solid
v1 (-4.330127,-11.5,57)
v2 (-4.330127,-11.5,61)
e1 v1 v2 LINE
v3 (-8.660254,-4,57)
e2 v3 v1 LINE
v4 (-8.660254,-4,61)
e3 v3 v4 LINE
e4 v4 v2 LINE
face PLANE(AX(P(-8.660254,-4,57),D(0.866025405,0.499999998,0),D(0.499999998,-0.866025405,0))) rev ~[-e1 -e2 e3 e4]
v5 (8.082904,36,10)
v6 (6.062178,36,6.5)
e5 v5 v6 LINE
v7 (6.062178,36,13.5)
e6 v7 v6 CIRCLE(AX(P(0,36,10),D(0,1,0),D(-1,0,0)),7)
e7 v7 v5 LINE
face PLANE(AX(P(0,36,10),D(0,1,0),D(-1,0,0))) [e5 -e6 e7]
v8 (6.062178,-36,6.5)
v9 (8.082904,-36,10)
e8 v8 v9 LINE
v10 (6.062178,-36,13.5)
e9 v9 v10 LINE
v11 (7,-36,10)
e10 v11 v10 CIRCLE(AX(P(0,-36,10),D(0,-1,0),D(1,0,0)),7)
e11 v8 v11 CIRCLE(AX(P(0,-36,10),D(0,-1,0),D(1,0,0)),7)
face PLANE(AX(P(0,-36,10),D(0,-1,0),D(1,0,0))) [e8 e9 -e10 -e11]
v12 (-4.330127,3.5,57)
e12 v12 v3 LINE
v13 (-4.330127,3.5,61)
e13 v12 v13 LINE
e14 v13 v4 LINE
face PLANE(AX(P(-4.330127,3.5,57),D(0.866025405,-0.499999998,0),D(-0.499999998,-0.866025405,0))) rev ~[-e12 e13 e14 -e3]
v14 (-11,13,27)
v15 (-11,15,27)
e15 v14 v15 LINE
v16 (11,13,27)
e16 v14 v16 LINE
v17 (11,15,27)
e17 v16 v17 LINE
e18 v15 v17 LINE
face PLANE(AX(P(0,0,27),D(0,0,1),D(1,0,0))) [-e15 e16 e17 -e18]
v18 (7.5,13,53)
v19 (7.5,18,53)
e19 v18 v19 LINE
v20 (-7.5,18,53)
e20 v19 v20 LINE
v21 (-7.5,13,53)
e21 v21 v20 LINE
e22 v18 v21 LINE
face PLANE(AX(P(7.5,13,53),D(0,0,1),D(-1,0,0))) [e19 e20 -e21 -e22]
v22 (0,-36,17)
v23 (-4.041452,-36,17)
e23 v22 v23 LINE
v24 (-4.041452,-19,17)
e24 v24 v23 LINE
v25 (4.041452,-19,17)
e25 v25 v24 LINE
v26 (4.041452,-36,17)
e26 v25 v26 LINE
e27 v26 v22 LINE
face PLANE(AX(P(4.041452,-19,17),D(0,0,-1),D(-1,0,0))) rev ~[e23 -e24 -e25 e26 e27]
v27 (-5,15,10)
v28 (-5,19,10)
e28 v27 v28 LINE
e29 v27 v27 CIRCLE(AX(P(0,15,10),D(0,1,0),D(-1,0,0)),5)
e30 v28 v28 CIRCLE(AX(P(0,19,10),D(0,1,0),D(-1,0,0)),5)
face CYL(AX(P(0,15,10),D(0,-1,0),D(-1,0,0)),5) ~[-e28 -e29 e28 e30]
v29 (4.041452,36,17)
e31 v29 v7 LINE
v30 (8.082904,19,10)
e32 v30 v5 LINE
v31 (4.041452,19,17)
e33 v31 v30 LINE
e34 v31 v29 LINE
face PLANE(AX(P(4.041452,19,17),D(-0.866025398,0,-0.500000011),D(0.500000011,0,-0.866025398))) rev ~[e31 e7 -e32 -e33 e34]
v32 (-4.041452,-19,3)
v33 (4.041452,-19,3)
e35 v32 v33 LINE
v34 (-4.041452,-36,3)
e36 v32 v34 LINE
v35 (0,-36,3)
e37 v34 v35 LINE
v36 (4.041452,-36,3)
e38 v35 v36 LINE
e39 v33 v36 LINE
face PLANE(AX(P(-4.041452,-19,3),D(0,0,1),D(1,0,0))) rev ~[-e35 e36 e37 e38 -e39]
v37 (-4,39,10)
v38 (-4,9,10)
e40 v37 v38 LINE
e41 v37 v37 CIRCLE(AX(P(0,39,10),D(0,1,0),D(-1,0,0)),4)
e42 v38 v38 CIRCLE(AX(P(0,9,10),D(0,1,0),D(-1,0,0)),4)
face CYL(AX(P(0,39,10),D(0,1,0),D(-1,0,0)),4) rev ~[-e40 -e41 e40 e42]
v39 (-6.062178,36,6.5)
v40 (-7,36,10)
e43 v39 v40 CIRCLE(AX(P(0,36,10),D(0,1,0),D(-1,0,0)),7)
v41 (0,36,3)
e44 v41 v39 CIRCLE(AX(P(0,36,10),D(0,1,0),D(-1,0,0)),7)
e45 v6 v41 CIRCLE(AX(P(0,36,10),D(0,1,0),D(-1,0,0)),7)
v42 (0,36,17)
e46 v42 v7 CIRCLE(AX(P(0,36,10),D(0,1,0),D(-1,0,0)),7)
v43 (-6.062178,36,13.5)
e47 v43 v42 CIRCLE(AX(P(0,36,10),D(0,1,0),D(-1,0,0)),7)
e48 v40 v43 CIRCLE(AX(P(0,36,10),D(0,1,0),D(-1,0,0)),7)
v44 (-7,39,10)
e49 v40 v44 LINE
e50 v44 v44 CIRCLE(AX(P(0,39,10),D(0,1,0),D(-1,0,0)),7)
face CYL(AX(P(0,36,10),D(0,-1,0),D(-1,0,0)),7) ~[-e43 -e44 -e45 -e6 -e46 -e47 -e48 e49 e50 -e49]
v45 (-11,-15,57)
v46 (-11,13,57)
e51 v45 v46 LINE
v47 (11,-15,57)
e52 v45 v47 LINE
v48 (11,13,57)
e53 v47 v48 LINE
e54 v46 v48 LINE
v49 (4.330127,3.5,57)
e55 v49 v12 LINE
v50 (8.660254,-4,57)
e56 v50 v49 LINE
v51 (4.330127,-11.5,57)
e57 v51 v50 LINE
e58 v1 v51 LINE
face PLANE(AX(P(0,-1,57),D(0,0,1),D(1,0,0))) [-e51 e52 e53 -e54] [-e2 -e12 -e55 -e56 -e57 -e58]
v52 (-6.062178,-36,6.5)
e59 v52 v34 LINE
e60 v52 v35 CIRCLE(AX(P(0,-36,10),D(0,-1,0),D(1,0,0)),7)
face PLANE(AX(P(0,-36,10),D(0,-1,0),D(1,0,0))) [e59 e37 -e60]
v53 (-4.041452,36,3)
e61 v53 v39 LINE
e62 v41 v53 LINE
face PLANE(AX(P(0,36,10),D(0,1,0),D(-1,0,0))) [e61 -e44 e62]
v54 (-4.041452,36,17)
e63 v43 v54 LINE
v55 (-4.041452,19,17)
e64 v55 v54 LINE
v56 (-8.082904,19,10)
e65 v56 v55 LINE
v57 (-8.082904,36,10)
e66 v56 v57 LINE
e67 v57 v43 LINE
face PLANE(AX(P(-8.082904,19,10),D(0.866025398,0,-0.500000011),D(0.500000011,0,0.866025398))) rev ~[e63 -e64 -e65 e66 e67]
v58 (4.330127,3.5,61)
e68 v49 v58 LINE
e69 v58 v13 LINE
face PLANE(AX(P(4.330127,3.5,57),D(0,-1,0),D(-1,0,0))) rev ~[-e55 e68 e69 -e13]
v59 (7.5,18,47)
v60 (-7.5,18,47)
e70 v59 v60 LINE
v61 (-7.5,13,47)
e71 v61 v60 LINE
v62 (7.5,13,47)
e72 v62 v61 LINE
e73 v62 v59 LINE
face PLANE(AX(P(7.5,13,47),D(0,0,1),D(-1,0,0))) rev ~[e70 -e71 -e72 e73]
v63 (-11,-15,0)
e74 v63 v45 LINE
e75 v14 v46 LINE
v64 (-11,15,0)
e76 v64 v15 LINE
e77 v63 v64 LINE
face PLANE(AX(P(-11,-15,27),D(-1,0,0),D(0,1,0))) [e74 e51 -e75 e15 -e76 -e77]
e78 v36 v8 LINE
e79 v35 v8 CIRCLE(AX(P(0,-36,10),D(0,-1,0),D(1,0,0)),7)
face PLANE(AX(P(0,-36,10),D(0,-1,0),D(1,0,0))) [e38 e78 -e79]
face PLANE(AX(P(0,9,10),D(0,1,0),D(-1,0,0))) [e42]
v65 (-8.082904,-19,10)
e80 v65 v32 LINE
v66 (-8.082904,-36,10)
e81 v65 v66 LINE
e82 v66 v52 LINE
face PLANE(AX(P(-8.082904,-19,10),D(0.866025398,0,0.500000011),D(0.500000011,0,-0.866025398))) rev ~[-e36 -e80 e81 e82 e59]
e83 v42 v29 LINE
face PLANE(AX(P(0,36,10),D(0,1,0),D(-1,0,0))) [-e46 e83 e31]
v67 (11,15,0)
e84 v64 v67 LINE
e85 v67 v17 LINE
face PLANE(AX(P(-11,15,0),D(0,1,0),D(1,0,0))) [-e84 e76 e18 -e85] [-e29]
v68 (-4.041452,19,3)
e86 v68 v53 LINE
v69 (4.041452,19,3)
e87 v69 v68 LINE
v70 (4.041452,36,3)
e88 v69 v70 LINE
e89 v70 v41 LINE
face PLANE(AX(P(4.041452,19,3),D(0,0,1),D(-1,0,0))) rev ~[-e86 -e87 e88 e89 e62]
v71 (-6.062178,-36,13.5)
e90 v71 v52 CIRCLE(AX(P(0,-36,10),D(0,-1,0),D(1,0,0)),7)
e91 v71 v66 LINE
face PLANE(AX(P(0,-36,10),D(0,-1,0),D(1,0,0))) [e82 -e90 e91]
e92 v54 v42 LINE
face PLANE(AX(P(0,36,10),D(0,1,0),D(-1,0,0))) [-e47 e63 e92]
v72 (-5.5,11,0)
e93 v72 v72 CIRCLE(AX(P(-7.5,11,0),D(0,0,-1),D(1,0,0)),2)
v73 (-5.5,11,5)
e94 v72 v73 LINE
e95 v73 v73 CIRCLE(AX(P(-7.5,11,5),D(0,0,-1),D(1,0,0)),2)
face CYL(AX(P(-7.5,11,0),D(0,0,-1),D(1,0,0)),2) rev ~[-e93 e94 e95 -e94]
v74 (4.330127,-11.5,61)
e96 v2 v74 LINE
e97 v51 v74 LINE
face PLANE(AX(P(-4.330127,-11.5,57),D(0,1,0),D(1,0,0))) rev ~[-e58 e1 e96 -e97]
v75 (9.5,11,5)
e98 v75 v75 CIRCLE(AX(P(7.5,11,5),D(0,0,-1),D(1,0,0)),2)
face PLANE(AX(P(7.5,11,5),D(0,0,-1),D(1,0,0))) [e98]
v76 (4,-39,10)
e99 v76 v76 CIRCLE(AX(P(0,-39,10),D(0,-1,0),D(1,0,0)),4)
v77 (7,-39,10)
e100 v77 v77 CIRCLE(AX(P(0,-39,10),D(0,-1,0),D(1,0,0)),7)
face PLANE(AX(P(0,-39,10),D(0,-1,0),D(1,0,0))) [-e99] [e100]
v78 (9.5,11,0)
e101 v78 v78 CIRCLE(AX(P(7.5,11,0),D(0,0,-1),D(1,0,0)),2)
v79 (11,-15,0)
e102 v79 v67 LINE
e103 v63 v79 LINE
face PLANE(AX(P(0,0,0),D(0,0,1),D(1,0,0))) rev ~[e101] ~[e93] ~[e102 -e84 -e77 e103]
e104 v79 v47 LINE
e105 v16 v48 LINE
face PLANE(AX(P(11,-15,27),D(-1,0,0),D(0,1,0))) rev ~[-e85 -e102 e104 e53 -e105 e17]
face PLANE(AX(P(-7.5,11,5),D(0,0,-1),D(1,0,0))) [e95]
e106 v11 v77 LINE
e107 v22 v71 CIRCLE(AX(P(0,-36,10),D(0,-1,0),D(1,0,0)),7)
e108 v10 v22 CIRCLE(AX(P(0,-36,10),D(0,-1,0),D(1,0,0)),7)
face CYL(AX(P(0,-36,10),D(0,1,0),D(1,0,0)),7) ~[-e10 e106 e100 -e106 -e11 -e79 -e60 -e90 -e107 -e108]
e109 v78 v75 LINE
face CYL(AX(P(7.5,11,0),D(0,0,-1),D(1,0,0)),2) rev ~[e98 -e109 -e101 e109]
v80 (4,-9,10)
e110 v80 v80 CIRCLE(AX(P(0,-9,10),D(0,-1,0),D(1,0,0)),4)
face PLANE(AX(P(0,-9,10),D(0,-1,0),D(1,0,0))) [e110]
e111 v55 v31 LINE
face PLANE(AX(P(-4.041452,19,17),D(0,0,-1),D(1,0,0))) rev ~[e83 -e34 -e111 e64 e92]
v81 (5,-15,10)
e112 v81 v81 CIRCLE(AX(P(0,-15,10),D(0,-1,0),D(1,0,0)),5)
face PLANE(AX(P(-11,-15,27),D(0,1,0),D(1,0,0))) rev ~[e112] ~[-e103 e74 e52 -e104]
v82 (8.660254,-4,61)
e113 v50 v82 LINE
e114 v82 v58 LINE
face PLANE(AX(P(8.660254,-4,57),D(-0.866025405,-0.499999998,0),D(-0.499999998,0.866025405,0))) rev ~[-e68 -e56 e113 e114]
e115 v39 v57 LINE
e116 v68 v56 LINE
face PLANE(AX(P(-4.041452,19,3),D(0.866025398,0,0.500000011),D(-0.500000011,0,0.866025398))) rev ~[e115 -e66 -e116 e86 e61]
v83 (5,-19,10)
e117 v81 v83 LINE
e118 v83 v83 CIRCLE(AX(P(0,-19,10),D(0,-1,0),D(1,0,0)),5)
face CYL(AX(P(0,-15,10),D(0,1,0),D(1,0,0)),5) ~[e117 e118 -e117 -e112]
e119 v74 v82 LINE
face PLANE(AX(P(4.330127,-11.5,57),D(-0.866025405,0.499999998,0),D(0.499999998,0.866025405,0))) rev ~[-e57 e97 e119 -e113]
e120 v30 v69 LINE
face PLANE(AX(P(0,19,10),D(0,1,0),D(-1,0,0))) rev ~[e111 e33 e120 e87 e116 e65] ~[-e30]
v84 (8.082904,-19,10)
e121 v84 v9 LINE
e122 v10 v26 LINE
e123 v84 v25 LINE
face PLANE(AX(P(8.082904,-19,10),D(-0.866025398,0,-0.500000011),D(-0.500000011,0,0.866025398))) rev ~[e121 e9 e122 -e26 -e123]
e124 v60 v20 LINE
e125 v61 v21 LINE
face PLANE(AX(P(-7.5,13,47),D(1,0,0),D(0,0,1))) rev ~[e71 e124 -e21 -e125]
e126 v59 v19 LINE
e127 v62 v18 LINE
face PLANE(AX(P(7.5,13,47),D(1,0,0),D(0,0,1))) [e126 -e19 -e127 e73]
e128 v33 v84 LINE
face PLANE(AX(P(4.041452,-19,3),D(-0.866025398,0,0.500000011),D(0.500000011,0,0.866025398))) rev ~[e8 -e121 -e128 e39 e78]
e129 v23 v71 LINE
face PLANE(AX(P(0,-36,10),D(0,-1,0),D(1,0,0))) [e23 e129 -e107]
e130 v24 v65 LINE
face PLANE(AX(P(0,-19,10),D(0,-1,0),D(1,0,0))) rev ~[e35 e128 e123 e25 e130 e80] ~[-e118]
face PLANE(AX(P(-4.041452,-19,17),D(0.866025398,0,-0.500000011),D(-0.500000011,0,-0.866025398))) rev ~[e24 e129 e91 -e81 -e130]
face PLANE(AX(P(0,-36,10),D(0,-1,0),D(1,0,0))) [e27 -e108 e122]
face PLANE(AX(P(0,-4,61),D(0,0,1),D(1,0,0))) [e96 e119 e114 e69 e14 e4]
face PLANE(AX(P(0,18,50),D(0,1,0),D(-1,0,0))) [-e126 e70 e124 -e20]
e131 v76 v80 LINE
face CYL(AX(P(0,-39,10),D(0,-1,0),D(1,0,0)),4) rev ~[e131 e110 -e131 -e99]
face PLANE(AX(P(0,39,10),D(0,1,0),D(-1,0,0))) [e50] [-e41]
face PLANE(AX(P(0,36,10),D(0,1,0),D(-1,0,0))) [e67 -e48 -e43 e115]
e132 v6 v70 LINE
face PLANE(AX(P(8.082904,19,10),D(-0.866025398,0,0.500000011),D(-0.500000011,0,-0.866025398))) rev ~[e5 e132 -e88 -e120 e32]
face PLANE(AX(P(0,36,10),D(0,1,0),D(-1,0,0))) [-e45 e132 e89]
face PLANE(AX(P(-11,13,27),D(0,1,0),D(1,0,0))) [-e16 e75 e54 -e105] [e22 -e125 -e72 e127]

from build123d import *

# Parameters (mm, degrees)
SKETCH_W        = 22
SKETCH_H        = 30
PAD_DEPTH       = 27
SKETCH001_W     = 22
SKETCH001_H     = 28
PAD001_DEPTH    = 30
PAD002_DEPTH    = 4
SKETCH003_R     = 5
PAD003_DEPTH    = 4
PAD004_DEPTH    = 17
SKETCH005_R     = 7
PAD005_DEPTH    = 3
SKETCH006_R     = 4
POCKET_DEPTH    = 30
SKETCH007_W     = 15
SKETCH007_H     = 6
PAD006_DEPTH    = 5
SKETCH008_R     = 5
PAD007_DEPTH    = 4
PAD008_DEPTH    = 17
SKETCH010_R     = 7
PAD009_DEPTH    = 3
SKETCH011_R     = 4
POCKET001_DEPTH = 30
SKETCH012_R     = 2
POCKET002_DEPTH = 5


with BuildPart() as part:
    # Sketch → Pad (new body)
    with BuildSketch(Plane.XY):
        Rectangle(SKETCH_W, SKETCH_H)
    extrude(amount=PAD_DEPTH)

    # Sketch001 (on Face6 of Pad) → Pad001 (join)
    with BuildSketch(Plane.XY.offset(27)):
        with Locations((0, -1)):
            Rectangle(SKETCH001_W, SKETCH001_H)
    extrude(amount=PAD001_DEPTH)

    # Sketch002 (on Face11 of Pad001) → Pad002 (join)
    with BuildSketch(Plane.XY.offset(57)):
        Polygon((8.660254, -4), (4.330127, 3.5), (-4.330127, 3.5), (-8.660254, -4), (-4.330127, -11.5), (4.330127, -11.5), align=None)
    extrude(amount=PAD002_DEPTH)

    # Sketch003 (on Face6 of Pad002) → Pad003 (join)
    with BuildSketch(Plane.XZ.offset(15)):
        with Locations((0, 10)):
            Circle(SKETCH003_R)
    extrude(amount=PAD003_DEPTH)

    # Sketch004 (on Face13 of Pad003) → Pad004 (join)
    with BuildSketch(Plane.XZ.offset(19)):
        Polygon((8.082904, 10), (4.041452, 17), (-4.041452, 17), (-8.082904, 10), (-4.041452, 3), (4.041452, 3), align=None)
    extrude(amount=PAD004_DEPTH)

    # Sketch005 (on Face5 of Pad004) → Pad005 (join)
    with BuildSketch(Plane.XZ.offset(36)):
        with Locations((0, 10)):
            Circle(SKETCH005_R)
    extrude(amount=PAD005_DEPTH)

    # Sketch006 (on Face17 of Pad005) → Pocket (cut)
    with BuildSketch(Plane.XZ.offset(39)):
        with Locations((0, 10)):
            Circle(SKETCH006_R)
    extrude(amount=-POCKET_DEPTH, mode=Mode.SUBTRACT)

    # Sketch007 (on Face29 of Pocket) → Pad006 (join)
    with BuildSketch(Plane(origin=(0, 13, 0), x_dir=(-1, 0, 0), z_dir=(0, 1, 0))):
        with Locations((0, 50)):
            Rectangle(SKETCH007_W, SKETCH007_H)
    extrude(amount=PAD006_DEPTH)

    # Sketch008 (on Face23 of Pad006) → Pad007 (join)
    with BuildSketch(Plane(origin=(0, 15, 0), x_dir=(-1, 0, 0), z_dir=(0, 1, 0))):
        with Locations((0, 10)):
            Circle(SKETCH008_R)
    extrude(amount=PAD007_DEPTH)

    # Sketch009 (on Face37 of Pad007) → Pad008 (join)
    with BuildSketch(Plane(origin=(0, 19, 0), x_dir=(-1, 0, 0), z_dir=(0, 1, 0))):
        Polygon((4.041452, 3), (8.082904, 10), (4.041452, 17), (-4.041452, 17), (-8.082904, 10), (-4.041452, 3), align=None)
    extrude(amount=PAD008_DEPTH)

    # Sketch010 (on Face5 of Pad008) → Pad009 (join)
    with BuildSketch(Plane(origin=(0, 36, 0), x_dir=(-1, 0, 0), z_dir=(0, 1, 0))):
        with Locations((0, 10)):
            Circle(SKETCH010_R)
    extrude(amount=PAD009_DEPTH)

    # Sketch011 (on Face17 of Pad009) → Pocket001 (cut)
    with BuildSketch(Plane(origin=(0, 39, 0), x_dir=(-1, 0, 0), z_dir=(0, 1, 0))):
        with Locations((0, 10)):
            Circle(SKETCH011_R)
    extrude(amount=-POCKET001_DEPTH, mode=Mode.SUBTRACT)

    # Sketch012 (on Face19 of Pocket001) → Pocket002 (cut)
    with BuildSketch(Plane(origin=(0, 0, 0), x_dir=(1, 0, 0), z_dir=(0, 0, -1))):
        with Locations((-7.5, -11)):
            Circle(SKETCH012_R)
        with Locations((7.5, -11)):
            Circle(SKETCH012_R)
    extrude(amount=-POCKET002_DEPTH, mode=Mode.SUBTRACT)


solid = part.part
